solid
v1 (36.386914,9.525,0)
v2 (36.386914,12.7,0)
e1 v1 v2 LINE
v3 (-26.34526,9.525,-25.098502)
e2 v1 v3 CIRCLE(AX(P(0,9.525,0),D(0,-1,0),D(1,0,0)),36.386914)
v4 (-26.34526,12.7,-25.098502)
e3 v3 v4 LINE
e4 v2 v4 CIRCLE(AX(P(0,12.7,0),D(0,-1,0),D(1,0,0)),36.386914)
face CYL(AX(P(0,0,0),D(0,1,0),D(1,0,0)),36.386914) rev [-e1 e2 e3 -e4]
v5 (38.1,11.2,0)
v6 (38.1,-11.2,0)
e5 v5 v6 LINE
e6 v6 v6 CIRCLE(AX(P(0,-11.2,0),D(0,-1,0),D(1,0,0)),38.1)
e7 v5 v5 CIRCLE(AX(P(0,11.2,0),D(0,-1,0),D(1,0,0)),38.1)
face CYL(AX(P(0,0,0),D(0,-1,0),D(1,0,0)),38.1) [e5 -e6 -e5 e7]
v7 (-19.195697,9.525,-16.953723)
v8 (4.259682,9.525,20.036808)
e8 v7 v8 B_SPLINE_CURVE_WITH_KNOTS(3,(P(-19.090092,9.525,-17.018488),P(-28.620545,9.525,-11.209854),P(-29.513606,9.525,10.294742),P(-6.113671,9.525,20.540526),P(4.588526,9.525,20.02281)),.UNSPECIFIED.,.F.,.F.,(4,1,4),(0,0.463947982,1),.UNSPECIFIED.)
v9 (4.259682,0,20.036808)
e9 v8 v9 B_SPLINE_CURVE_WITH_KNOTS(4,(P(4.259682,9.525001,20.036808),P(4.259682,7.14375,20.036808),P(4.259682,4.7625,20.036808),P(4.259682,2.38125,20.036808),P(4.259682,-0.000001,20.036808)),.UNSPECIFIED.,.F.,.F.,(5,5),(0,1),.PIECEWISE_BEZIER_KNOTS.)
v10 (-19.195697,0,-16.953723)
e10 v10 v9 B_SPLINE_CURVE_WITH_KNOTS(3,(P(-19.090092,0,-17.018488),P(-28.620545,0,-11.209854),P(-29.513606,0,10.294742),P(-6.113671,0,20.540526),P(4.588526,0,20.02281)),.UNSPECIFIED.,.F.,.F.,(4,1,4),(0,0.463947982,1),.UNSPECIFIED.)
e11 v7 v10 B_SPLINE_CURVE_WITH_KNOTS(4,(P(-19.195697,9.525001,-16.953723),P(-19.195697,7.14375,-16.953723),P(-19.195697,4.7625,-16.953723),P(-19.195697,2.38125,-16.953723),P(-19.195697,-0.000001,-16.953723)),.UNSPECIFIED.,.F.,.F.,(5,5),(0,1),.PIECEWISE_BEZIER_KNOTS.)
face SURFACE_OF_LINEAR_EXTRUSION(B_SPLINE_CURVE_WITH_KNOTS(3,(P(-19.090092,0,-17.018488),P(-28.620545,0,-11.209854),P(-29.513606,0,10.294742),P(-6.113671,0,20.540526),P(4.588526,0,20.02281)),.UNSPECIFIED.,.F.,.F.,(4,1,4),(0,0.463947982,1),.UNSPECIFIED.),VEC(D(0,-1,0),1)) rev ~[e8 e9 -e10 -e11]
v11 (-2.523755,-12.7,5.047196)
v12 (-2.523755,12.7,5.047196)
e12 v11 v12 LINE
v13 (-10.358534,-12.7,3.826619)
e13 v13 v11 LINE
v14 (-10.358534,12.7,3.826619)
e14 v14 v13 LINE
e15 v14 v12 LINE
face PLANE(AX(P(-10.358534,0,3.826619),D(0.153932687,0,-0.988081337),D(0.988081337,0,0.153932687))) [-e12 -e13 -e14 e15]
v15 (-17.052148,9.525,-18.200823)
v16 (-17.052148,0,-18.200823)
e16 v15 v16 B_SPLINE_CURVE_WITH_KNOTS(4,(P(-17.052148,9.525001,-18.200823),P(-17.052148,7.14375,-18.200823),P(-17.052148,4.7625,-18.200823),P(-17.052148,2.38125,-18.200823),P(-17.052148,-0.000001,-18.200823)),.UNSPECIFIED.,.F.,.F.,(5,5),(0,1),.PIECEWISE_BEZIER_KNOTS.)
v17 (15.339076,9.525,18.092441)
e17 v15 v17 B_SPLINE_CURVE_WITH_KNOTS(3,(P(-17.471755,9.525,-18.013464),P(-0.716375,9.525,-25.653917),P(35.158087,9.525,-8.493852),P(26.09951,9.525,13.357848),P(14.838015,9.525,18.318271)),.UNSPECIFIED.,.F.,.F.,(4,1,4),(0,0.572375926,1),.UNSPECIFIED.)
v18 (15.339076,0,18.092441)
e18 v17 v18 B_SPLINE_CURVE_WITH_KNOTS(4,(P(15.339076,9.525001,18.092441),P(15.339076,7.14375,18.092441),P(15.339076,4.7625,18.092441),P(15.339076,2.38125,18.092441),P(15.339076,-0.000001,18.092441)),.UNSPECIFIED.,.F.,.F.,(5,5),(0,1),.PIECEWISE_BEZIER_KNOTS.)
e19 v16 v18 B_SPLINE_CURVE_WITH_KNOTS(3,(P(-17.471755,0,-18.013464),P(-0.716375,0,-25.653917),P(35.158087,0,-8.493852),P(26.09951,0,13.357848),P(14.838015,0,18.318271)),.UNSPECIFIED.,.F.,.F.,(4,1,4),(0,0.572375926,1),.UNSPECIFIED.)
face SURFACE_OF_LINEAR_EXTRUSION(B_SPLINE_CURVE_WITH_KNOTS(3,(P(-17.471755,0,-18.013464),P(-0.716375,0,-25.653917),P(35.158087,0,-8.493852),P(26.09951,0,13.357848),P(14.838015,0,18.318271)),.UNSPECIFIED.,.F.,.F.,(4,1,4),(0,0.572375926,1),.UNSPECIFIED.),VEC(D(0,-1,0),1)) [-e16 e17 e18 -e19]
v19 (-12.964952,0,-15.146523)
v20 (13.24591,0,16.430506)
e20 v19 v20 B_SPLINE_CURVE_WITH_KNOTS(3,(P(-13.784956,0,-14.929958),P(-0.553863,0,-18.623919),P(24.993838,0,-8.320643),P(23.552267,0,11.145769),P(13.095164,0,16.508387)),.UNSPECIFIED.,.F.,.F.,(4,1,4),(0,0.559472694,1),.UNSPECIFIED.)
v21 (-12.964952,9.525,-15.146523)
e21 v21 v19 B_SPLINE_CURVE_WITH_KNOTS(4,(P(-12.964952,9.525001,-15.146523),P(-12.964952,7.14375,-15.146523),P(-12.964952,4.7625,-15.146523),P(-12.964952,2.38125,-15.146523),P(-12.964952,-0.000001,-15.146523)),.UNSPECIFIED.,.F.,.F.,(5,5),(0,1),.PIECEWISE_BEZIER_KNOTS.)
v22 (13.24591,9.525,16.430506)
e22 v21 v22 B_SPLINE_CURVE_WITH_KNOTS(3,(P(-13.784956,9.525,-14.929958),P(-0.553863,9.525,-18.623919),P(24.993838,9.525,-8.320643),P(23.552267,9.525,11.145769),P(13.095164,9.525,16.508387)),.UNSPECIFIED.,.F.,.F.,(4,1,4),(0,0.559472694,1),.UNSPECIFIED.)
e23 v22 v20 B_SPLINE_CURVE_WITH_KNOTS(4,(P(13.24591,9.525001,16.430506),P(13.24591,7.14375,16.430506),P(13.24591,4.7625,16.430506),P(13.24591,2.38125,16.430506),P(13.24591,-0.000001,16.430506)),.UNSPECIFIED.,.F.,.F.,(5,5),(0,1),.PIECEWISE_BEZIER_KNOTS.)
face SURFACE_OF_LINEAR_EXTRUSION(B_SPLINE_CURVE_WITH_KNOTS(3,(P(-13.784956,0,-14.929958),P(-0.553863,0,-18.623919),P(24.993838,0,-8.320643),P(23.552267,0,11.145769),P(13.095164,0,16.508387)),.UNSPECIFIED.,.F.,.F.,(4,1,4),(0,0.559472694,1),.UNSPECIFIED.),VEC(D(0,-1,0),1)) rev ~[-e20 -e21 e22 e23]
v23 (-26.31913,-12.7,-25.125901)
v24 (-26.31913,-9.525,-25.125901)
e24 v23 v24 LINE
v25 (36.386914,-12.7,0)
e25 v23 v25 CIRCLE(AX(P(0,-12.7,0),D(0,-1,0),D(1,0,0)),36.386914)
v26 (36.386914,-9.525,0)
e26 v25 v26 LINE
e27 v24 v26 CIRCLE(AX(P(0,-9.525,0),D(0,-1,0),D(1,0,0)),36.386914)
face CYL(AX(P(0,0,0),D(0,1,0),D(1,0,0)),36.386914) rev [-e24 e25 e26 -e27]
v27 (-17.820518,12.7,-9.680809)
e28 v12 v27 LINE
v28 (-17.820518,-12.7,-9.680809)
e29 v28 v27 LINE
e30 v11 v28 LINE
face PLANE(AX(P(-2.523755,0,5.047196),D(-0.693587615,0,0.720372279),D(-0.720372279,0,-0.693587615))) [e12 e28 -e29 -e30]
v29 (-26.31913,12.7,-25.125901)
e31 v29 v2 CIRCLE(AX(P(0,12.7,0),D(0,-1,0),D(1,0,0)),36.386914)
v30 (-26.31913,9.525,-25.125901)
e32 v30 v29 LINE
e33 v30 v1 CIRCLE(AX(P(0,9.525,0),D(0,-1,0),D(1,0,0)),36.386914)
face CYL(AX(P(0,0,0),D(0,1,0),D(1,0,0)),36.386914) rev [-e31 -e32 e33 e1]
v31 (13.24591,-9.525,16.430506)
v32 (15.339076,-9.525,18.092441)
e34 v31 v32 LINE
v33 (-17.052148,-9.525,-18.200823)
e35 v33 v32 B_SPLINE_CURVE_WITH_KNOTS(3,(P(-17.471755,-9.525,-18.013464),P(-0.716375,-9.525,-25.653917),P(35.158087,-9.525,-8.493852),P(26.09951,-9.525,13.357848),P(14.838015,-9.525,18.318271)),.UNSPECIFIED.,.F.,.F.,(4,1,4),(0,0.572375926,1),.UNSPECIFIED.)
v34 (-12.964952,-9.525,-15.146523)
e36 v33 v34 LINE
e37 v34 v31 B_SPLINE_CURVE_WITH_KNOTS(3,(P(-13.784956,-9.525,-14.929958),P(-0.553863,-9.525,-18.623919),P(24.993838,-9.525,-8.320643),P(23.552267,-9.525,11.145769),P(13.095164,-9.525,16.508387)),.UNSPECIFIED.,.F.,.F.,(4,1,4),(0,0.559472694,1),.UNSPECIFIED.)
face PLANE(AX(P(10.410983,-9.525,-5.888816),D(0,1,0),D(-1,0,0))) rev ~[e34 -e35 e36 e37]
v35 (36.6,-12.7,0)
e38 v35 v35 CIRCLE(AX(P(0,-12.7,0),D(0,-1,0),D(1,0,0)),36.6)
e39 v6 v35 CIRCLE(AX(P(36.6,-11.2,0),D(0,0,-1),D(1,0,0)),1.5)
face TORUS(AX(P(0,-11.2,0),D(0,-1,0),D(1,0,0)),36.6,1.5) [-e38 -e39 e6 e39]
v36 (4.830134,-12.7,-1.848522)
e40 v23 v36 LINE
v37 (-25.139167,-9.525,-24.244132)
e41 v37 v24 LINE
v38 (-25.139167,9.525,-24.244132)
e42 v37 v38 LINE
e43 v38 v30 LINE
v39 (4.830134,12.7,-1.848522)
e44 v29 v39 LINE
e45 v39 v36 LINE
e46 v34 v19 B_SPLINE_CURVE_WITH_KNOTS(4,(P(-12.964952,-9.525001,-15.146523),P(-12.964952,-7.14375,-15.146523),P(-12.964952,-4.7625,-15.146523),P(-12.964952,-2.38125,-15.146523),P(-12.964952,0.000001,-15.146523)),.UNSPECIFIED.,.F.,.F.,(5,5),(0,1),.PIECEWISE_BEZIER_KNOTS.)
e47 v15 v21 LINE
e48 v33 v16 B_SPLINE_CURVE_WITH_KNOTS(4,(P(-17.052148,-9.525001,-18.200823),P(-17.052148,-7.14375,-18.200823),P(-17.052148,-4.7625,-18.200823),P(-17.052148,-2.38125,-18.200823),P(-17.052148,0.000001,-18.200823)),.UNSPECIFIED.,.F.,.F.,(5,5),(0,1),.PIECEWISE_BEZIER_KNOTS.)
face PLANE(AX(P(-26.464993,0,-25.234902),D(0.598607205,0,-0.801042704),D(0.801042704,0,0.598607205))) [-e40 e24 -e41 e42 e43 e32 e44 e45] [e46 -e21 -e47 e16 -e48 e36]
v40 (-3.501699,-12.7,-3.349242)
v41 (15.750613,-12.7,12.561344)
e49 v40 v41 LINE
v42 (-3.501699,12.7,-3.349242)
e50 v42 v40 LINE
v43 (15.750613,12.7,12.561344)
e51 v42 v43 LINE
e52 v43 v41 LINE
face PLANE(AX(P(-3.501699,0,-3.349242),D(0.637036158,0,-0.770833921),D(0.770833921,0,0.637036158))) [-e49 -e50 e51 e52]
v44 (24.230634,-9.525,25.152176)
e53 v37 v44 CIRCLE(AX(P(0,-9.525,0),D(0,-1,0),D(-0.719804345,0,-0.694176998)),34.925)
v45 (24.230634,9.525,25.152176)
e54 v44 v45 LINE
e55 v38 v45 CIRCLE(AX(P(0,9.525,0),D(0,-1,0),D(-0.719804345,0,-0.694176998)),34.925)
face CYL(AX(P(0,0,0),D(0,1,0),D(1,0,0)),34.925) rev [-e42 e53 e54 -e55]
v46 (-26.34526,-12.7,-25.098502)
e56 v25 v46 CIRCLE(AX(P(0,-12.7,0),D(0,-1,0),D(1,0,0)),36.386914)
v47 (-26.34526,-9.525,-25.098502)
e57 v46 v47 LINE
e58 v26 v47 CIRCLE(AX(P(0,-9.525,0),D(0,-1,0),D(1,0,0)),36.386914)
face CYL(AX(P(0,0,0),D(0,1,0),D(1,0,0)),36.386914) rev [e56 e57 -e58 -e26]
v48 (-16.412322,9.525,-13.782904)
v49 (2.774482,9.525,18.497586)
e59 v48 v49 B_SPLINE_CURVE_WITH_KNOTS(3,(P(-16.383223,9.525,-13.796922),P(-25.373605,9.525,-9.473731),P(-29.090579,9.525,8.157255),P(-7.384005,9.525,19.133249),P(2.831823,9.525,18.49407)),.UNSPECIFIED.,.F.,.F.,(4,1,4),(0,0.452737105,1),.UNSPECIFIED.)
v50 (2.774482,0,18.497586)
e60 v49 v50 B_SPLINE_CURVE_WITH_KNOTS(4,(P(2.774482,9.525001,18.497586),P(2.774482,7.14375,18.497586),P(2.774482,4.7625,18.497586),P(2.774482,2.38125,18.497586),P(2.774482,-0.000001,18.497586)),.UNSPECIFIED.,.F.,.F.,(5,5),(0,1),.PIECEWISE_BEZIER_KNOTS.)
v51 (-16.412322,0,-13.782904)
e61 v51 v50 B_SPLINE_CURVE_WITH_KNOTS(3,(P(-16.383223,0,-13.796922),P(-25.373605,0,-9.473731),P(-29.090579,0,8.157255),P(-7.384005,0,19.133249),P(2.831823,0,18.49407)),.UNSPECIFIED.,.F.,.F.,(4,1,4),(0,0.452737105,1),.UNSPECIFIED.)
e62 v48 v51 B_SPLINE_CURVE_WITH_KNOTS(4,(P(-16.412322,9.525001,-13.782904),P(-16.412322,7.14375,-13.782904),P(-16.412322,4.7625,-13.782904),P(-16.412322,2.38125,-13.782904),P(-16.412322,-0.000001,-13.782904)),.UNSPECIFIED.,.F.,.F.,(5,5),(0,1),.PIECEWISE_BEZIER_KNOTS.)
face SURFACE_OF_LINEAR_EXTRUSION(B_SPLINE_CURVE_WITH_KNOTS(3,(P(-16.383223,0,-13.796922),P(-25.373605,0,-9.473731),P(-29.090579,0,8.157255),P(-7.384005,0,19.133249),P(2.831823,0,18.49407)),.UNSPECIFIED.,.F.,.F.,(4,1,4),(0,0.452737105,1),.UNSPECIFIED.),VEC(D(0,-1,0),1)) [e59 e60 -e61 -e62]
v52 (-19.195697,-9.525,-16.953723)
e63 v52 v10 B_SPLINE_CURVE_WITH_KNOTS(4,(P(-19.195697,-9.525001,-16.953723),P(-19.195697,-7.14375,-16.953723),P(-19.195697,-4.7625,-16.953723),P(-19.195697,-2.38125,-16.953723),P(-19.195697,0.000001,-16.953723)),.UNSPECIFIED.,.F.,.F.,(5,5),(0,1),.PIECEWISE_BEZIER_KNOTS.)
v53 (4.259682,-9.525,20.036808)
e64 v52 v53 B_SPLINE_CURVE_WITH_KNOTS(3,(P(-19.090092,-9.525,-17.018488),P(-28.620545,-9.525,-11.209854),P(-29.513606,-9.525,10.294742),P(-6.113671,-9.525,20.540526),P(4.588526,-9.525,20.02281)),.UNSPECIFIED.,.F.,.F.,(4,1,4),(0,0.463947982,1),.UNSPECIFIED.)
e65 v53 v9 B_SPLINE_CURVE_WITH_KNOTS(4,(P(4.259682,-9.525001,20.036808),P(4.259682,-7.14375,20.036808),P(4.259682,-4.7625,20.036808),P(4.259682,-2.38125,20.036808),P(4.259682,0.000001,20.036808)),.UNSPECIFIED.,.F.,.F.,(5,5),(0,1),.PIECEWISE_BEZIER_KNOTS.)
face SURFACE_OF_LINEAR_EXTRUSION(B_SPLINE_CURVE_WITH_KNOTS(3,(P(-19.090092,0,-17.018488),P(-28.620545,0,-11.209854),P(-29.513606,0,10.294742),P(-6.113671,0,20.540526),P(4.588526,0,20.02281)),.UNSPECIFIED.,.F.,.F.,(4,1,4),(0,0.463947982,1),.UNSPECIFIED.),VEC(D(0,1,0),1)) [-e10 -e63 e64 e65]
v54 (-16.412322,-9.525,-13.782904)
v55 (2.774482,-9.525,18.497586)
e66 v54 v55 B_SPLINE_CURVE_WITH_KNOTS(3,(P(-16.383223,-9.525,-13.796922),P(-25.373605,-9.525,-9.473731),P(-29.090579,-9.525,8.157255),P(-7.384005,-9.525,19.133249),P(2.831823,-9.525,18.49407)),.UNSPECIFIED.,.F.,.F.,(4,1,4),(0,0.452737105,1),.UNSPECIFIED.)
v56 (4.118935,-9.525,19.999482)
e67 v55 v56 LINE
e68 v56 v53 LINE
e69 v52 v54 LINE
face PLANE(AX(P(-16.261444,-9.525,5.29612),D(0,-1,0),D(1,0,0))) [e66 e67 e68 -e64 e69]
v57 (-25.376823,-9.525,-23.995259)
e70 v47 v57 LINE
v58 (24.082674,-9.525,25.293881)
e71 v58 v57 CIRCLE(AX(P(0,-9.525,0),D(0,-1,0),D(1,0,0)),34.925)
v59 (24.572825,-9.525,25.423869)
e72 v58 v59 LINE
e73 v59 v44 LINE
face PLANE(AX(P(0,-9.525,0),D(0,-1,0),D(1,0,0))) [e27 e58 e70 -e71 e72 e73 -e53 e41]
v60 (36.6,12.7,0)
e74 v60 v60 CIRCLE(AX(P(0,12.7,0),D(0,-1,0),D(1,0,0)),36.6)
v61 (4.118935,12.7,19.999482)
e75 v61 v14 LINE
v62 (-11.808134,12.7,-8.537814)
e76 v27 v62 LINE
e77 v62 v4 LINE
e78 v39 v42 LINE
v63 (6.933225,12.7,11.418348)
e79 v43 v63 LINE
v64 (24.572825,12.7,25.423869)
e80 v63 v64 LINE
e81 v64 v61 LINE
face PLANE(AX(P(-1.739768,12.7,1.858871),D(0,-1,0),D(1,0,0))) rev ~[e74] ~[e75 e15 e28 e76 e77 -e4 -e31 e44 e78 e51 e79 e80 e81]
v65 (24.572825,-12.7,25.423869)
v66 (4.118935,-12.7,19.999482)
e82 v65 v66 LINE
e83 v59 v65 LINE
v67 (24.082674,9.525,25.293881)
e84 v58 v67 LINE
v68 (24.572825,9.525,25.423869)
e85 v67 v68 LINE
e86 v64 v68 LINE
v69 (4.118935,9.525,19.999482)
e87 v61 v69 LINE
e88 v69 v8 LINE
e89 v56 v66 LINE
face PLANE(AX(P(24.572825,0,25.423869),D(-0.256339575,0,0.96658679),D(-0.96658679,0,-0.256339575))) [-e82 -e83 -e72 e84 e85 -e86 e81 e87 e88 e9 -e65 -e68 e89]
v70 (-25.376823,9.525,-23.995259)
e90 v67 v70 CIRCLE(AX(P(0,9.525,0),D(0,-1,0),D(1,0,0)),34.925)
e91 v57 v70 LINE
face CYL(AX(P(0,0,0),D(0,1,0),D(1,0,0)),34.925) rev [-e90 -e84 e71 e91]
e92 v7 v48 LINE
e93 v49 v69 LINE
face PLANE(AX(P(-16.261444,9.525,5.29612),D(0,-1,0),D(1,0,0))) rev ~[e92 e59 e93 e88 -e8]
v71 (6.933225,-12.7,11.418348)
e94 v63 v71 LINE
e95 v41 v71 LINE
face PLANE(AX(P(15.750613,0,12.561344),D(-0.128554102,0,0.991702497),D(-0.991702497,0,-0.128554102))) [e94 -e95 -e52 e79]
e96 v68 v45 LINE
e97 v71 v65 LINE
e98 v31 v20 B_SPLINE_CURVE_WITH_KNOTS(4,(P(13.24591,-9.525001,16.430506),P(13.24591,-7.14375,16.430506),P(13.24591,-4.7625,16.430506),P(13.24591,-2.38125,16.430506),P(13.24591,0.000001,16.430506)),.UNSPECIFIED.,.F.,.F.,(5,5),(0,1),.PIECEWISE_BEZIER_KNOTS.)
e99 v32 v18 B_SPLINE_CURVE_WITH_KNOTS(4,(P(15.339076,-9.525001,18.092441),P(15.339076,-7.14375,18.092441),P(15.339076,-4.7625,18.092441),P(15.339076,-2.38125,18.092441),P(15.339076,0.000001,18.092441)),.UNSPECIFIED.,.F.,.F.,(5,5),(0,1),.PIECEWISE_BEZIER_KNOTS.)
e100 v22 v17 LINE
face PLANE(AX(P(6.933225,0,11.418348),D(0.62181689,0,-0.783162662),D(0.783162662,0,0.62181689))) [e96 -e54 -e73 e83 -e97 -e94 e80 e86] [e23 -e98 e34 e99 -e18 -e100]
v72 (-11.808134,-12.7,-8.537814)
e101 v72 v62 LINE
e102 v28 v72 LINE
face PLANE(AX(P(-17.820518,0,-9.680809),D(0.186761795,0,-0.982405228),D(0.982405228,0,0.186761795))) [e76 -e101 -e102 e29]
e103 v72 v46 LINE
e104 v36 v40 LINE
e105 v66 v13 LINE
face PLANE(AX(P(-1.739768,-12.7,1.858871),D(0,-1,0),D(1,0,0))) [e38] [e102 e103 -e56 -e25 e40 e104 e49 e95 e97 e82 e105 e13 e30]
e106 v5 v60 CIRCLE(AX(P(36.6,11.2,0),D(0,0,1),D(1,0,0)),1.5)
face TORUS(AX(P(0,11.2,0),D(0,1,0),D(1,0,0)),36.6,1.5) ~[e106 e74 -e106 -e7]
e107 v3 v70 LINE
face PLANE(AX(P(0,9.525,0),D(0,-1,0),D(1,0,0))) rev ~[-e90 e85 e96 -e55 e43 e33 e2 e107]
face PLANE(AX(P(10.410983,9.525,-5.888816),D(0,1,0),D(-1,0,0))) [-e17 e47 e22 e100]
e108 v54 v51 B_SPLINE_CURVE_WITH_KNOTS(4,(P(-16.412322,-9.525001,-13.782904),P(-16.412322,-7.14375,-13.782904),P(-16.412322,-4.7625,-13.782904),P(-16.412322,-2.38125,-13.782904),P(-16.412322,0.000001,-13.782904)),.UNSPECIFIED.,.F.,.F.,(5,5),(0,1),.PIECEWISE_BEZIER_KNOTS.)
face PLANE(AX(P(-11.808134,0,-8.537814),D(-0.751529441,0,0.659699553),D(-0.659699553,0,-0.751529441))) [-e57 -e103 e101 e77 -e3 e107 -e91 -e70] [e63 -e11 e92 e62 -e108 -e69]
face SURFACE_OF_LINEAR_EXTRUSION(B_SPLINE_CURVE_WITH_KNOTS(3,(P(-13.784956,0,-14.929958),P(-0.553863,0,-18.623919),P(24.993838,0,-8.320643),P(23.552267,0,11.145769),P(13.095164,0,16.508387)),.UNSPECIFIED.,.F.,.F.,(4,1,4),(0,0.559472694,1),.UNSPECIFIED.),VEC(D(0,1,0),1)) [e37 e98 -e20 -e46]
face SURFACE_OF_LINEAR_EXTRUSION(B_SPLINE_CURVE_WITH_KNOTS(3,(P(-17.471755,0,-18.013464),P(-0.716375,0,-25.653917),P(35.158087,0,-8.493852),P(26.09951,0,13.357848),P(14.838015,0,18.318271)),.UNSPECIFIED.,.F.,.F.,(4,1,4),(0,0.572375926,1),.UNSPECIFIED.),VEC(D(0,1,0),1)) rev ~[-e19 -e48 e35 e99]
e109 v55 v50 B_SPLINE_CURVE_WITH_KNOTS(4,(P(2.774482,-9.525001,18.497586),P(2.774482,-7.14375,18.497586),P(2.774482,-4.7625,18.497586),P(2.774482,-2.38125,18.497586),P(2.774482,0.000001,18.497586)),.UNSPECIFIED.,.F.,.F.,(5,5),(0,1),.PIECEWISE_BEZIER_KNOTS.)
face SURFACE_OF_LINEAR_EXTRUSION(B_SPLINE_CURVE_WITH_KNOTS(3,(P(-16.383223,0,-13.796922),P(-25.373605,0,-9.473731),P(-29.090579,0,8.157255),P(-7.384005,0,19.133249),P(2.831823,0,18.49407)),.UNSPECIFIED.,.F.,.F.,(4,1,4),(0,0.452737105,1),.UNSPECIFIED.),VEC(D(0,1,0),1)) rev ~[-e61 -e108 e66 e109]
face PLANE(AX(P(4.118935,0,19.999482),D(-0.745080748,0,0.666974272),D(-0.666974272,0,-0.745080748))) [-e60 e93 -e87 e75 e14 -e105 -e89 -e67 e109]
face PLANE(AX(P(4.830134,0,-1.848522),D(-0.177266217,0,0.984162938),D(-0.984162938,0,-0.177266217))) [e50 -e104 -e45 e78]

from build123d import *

# Parameters (mm, degrees)
F0_R     = 38.1
F0_R_2   = 36.386913731
F1_DEPTH = 12.7
F2_R     = 1.5
F4_DEPTH = 12.7
F0_R_3   = 34.925
F5_DEPTH = 9.525
F7_DEPTH = 9.525
F9_DEPTH = 9.525


with BuildPart() as f1:
    # F0 (on Front) → F1 (new body, symmetric)
    with BuildSketch(Plane.XZ):
        Circle(F0_R)
        Circle(F0_R_2, mode=Mode.SUBTRACT)
    extrude(amount=F1_DEPTH, both=True)

    # F2
    f2_edges = [f1.edges().sort_by_distance(p)[0] for p in [
        (-38.1, -12.7, 0),
        (-38.1, 12.7, 0),
    ]]
    fillet(f2_edges, radius=F2_R)

    # F3 (on Front) → F4 (join, symmetric)
    with BuildSketch(Plane.XZ):
        Polygon((-11.8081336841, -8.5378140211), (-26.464993082, -25.2349018068), (4.8301340017, -1.8485224727), (-3.5016993061, -3.3492420334), (15.7506130636, 12.5613436103), (6.9332248531, 11.4183481783), (24.5728250593, 25.4238694906), (4.1189347394, 19.9994817376), (-10.358533822, 3.8266193587), (-2.5237547234, 5.047195591), (-17.8205184639, -9.6808085218), align=None)
    extrude(amount=F4_DEPTH, both=True)

    # F0 (on Front) → F5 (join, symmetric)
    with BuildSketch(Plane.XZ):
        Circle(F0_R_2)
        Circle(F0_R_3, mode=Mode.SUBTRACT)
    extrude(amount=F5_DEPTH, both=True)

    # F6 (on Front) → F7 (join, symmetric)
    with BuildSketch(Plane.XZ):
        with BuildLine():
            Line((-19.0900918096, -17.018487677), (-16.3832232356, -13.7969218194))
            add(Edge.make_bspline(
                [(-16.3832232356, -13.7969218194), (-25.3736051563, -9.473731392), (-29.0905786368, 8.1572549104), (-7.3840054694, 19.1332485124), (2.8318234254, 18.4940695763)],
                knots=[0, 0, 0, 0, 0.4527371046, 1, 1, 1, 1], degree=3))
            Line((2.8318234254, 18.4940695763), (4.588526208, 20.0228095055))
            add(Edge.make_bspline(
                [(-19.0900918096, -17.018487677), (-28.620544821, -11.2098539248), (-29.5136057934, 10.2947418894), (-6.1136707664, 20.5405261368), (4.588526208, 20.0228095055)],
                knots=[0, 0, 0, 0, 0.4639479817, 1, 1, 1, 1], degree=3))
        make_face()
    extrude(amount=F7_DEPTH, both=True)

    # F8 (on Front) → F9 (join, symmetric)
    with BuildSketch(Plane.XZ):
        with BuildLine():
            add(Edge.make_bspline(
                [(-13.784956187, -14.9299576879), (-0.5538631669, -18.623918621), (24.9938380842, -8.3206427927), (23.5522668809, 11.1457686871), (13.0951637402, 16.5083874017)],
                knots=[0, 0, 0, 0, 0.5594726936, 1, 1, 1, 1], degree=3))
            Line((-13.784956187, -14.9299576879), (-17.4717549235, -18.0134642869))
            add(Edge.make_bspline(
                [(-17.4717549235, -18.0134642869), (-0.7163750913, -25.6539166477), (35.1580871339, -8.4938520858), (26.0995104909, 13.357847929), (14.8380147293, 18.3182712644)],
                knots=[0, 0, 0, 0, 0.5723759264, 1, 1, 1, 1], degree=3))
            Line((14.8380147293, 18.3182712644), (13.0951637402, 16.5083874017))
        make_face()
    extrude(amount=F9_DEPTH, both=True)


solid = f1.part
